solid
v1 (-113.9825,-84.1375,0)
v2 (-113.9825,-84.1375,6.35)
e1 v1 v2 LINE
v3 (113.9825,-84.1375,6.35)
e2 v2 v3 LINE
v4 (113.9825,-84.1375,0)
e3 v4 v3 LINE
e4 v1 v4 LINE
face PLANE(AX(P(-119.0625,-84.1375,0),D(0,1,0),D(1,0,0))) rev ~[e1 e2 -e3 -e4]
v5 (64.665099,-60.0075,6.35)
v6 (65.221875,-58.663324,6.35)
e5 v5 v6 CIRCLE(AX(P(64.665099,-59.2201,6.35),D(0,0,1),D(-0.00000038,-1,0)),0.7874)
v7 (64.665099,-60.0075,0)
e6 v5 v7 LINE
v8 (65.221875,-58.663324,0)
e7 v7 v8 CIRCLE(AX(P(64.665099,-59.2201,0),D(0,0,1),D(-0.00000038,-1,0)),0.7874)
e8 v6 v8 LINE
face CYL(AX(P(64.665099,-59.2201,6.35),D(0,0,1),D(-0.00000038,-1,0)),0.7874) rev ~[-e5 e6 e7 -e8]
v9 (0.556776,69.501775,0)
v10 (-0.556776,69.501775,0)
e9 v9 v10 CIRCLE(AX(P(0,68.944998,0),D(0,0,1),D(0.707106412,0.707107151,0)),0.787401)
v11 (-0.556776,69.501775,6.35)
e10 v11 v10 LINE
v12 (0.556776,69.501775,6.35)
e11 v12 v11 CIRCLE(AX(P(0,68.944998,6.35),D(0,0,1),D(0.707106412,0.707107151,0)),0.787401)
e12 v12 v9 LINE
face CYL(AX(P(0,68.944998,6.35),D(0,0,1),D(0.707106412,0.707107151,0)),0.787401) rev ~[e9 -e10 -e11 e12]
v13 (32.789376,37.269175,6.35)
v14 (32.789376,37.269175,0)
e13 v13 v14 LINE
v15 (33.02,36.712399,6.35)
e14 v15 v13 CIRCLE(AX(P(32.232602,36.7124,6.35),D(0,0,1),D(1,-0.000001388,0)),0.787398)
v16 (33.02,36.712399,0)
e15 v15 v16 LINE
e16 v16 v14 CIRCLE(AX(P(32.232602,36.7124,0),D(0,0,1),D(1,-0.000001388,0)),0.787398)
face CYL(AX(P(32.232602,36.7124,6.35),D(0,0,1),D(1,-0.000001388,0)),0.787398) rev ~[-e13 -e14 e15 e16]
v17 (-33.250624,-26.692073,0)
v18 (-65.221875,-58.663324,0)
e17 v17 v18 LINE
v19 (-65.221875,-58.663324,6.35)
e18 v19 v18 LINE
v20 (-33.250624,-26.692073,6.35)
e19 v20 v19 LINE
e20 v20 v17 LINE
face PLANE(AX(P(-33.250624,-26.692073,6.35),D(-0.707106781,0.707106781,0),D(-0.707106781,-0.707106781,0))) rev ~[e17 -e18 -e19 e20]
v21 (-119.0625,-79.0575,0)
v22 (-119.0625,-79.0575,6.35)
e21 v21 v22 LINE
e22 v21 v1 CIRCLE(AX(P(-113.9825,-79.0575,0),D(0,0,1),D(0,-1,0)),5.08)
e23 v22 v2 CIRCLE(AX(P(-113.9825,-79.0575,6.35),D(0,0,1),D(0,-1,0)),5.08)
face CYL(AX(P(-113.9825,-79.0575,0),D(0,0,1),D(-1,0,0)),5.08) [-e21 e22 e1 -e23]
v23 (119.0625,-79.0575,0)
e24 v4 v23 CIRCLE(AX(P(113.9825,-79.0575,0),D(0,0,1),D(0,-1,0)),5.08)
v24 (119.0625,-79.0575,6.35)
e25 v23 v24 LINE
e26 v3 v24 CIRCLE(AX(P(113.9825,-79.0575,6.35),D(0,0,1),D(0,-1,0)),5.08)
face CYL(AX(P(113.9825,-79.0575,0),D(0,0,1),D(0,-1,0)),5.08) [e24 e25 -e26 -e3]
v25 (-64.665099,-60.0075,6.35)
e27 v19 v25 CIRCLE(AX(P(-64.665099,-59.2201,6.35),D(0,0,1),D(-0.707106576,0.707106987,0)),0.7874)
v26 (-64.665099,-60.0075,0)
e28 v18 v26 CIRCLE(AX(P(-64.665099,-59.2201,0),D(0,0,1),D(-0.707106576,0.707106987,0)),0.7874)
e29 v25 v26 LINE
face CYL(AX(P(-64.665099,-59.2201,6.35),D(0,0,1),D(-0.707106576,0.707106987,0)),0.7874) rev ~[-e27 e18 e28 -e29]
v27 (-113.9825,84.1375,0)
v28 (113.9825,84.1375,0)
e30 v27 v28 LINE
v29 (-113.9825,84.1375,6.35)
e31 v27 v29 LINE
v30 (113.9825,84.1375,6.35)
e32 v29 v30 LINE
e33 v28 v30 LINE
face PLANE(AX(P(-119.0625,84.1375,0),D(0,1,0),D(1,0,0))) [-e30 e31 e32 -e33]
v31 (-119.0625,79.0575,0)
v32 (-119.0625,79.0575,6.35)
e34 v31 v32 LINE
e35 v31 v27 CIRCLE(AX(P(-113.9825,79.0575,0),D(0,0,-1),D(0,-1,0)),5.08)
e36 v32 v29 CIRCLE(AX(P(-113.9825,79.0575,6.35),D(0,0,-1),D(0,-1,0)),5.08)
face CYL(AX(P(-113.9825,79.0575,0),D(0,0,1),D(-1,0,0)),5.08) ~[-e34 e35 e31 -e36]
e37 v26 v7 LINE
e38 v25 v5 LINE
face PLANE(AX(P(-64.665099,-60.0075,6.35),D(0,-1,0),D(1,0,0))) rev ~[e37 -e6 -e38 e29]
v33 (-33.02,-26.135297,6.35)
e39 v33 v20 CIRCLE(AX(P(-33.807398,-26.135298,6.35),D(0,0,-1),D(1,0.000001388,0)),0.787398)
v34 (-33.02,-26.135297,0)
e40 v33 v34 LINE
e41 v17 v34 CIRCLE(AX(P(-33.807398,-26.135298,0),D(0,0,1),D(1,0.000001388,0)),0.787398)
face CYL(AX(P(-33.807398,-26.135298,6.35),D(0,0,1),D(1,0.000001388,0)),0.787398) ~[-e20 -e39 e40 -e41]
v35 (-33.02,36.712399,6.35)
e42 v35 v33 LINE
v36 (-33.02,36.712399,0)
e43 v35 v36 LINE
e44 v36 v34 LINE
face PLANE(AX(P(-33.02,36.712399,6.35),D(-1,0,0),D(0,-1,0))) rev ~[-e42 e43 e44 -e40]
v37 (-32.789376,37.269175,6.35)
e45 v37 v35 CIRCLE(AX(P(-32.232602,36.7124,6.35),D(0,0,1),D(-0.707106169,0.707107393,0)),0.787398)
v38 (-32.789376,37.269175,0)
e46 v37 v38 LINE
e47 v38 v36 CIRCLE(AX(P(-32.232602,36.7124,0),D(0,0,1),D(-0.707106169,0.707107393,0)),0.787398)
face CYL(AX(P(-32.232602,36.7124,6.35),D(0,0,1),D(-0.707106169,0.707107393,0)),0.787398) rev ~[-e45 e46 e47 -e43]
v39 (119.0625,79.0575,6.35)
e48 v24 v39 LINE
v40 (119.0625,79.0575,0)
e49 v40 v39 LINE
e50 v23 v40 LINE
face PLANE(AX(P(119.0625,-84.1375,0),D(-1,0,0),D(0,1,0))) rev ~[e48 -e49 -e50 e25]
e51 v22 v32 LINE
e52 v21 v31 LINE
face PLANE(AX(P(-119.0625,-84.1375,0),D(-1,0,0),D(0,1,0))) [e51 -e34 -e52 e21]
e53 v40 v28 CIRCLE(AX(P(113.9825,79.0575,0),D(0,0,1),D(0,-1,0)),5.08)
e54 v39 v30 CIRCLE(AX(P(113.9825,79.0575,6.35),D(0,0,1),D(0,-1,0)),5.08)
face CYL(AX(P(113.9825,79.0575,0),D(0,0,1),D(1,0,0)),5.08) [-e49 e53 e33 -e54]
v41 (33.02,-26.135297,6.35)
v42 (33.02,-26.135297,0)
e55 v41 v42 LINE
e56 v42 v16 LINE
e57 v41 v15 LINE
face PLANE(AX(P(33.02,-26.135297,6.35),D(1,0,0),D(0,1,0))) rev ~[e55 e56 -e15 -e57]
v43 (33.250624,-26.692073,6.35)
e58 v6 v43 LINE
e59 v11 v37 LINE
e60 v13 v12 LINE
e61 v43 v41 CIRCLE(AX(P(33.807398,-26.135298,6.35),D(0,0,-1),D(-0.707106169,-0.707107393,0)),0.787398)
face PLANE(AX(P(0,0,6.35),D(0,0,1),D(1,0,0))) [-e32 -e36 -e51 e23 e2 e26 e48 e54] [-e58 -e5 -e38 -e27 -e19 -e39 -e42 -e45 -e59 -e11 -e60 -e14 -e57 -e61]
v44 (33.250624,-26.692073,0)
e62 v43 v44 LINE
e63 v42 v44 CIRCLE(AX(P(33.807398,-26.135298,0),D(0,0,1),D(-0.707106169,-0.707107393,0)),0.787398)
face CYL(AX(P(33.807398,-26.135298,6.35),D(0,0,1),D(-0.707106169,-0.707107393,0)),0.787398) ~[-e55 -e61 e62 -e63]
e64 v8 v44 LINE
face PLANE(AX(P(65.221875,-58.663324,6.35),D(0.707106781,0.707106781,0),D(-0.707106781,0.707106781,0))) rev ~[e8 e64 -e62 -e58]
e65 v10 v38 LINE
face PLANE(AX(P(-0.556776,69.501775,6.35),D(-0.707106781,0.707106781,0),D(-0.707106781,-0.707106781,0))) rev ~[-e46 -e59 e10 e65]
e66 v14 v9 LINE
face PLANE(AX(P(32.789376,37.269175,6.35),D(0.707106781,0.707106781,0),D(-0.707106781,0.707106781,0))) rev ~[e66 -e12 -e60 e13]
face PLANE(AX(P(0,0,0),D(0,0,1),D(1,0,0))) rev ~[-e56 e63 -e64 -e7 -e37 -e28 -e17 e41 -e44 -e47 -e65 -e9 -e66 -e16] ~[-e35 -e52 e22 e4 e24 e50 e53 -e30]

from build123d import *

# Parameters (mm, degrees)
F0_W     = 238.125
F0_H     = 168.275
F1_DEPTH = 6.35
F2_R     = 5.08
F4_DEPTH = 25.4
F5_DEPTH = 6.351
F7_DEPTH = 6.351


with BuildPart() as f1:
    # F0 (on Top) → F1 (new body)
    with BuildSketch(Plane.XY):
        Rectangle(F0_W, F0_H)
    extrude(amount=F1_DEPTH)

    # F2
    f2_edges = [f1.edges().sort_by_distance(p)[0] for p in [
        (-119.0625, 84.1375, 3.175),
        (119.0625, 84.1375, 3.175),
        (-119.0625, -84.1375, 3.175),
        (119.0625, -84.1375, 3.175),
    ]]
    fillet(f2_edges, radius=F2_R)

    # F3 (on face) → F4 (cut)
    with BuildSketch(Plane.XY.offset(6.35)):
        Polygon((-63.5, -58.7375), (0, -58.7375), (63.5, -58.7375), (31.75, -26.9875), (31.75, 36.5125), (0, 68.2625), (-31.75, 36.5125), (-31.75, -26.9875), align=None)
    extrude(amount=-F4_DEPTH, mode=Mode.SUBTRACT)

    # F3 (on face) → F5 (cut, through all)
    with BuildSketch(Plane.XY.offset(6.35)):
        Polygon((-63.5, -58.7375), (0, -58.7375), (63.5, -58.7375), (31.75, -26.9875), (31.75, 36.5125), (0, 68.2625), (-31.75, 36.5125), (-31.75, -26.9875), align=None)
    extrude(amount=-F5_DEPTH, mode=Mode.SUBTRACT)

    # F6 (on face) → F7 (cut, through all)
    with BuildSketch(Plane.XY.offset(6.35)):
        with BuildLine():
            Line((-33.02, 36.712399), (-33.02, -26.135297))
            ThreePointArc((-33.02, -26.135297), (-33.079937, -26.436622), (-33.250624, -26.692073))
            Line((-33.250624, -26.692073), (-65.221875, -58.663324))
            ThreePointArc((-65.221875, -58.663324), (-65.392562, -59.521425), (-64.665099, -60.0075))
            Line((-64.665099, -60.0075), (64.665099, -60.0075))
            ThreePointArc((64.665099, -60.0075), (65.392562, -59.521425), (65.221875, -58.663324))
            Line((65.221875, -58.663324), (33.250624, -26.692073))
            ThreePointArc((33.250624, -26.692073), (33.079937, -26.436622), (33.02, -26.135297))
            Line((33.02, -26.135297), (33.02, 36.712399))
            ThreePointArc((33.02, 36.712399), (32.960063, 37.013724), (32.789376, 37.269175))
            Line((32.789376, 37.269175), (0.556776, 69.501775))
            ThreePointArc((0.556776, 69.501775), (0, 69.732399), (-0.556776, 69.501775))
            Line((-0.556776, 69.501775), (-32.789376, 37.269175))
            ThreePointArc((-32.789376, 37.269175), (-32.960063, 37.013724), (-33.02, 36.712399))
        make_face()
    extrude(amount=-F7_DEPTH, mode=Mode.SUBTRACT)


solid = f1.part
